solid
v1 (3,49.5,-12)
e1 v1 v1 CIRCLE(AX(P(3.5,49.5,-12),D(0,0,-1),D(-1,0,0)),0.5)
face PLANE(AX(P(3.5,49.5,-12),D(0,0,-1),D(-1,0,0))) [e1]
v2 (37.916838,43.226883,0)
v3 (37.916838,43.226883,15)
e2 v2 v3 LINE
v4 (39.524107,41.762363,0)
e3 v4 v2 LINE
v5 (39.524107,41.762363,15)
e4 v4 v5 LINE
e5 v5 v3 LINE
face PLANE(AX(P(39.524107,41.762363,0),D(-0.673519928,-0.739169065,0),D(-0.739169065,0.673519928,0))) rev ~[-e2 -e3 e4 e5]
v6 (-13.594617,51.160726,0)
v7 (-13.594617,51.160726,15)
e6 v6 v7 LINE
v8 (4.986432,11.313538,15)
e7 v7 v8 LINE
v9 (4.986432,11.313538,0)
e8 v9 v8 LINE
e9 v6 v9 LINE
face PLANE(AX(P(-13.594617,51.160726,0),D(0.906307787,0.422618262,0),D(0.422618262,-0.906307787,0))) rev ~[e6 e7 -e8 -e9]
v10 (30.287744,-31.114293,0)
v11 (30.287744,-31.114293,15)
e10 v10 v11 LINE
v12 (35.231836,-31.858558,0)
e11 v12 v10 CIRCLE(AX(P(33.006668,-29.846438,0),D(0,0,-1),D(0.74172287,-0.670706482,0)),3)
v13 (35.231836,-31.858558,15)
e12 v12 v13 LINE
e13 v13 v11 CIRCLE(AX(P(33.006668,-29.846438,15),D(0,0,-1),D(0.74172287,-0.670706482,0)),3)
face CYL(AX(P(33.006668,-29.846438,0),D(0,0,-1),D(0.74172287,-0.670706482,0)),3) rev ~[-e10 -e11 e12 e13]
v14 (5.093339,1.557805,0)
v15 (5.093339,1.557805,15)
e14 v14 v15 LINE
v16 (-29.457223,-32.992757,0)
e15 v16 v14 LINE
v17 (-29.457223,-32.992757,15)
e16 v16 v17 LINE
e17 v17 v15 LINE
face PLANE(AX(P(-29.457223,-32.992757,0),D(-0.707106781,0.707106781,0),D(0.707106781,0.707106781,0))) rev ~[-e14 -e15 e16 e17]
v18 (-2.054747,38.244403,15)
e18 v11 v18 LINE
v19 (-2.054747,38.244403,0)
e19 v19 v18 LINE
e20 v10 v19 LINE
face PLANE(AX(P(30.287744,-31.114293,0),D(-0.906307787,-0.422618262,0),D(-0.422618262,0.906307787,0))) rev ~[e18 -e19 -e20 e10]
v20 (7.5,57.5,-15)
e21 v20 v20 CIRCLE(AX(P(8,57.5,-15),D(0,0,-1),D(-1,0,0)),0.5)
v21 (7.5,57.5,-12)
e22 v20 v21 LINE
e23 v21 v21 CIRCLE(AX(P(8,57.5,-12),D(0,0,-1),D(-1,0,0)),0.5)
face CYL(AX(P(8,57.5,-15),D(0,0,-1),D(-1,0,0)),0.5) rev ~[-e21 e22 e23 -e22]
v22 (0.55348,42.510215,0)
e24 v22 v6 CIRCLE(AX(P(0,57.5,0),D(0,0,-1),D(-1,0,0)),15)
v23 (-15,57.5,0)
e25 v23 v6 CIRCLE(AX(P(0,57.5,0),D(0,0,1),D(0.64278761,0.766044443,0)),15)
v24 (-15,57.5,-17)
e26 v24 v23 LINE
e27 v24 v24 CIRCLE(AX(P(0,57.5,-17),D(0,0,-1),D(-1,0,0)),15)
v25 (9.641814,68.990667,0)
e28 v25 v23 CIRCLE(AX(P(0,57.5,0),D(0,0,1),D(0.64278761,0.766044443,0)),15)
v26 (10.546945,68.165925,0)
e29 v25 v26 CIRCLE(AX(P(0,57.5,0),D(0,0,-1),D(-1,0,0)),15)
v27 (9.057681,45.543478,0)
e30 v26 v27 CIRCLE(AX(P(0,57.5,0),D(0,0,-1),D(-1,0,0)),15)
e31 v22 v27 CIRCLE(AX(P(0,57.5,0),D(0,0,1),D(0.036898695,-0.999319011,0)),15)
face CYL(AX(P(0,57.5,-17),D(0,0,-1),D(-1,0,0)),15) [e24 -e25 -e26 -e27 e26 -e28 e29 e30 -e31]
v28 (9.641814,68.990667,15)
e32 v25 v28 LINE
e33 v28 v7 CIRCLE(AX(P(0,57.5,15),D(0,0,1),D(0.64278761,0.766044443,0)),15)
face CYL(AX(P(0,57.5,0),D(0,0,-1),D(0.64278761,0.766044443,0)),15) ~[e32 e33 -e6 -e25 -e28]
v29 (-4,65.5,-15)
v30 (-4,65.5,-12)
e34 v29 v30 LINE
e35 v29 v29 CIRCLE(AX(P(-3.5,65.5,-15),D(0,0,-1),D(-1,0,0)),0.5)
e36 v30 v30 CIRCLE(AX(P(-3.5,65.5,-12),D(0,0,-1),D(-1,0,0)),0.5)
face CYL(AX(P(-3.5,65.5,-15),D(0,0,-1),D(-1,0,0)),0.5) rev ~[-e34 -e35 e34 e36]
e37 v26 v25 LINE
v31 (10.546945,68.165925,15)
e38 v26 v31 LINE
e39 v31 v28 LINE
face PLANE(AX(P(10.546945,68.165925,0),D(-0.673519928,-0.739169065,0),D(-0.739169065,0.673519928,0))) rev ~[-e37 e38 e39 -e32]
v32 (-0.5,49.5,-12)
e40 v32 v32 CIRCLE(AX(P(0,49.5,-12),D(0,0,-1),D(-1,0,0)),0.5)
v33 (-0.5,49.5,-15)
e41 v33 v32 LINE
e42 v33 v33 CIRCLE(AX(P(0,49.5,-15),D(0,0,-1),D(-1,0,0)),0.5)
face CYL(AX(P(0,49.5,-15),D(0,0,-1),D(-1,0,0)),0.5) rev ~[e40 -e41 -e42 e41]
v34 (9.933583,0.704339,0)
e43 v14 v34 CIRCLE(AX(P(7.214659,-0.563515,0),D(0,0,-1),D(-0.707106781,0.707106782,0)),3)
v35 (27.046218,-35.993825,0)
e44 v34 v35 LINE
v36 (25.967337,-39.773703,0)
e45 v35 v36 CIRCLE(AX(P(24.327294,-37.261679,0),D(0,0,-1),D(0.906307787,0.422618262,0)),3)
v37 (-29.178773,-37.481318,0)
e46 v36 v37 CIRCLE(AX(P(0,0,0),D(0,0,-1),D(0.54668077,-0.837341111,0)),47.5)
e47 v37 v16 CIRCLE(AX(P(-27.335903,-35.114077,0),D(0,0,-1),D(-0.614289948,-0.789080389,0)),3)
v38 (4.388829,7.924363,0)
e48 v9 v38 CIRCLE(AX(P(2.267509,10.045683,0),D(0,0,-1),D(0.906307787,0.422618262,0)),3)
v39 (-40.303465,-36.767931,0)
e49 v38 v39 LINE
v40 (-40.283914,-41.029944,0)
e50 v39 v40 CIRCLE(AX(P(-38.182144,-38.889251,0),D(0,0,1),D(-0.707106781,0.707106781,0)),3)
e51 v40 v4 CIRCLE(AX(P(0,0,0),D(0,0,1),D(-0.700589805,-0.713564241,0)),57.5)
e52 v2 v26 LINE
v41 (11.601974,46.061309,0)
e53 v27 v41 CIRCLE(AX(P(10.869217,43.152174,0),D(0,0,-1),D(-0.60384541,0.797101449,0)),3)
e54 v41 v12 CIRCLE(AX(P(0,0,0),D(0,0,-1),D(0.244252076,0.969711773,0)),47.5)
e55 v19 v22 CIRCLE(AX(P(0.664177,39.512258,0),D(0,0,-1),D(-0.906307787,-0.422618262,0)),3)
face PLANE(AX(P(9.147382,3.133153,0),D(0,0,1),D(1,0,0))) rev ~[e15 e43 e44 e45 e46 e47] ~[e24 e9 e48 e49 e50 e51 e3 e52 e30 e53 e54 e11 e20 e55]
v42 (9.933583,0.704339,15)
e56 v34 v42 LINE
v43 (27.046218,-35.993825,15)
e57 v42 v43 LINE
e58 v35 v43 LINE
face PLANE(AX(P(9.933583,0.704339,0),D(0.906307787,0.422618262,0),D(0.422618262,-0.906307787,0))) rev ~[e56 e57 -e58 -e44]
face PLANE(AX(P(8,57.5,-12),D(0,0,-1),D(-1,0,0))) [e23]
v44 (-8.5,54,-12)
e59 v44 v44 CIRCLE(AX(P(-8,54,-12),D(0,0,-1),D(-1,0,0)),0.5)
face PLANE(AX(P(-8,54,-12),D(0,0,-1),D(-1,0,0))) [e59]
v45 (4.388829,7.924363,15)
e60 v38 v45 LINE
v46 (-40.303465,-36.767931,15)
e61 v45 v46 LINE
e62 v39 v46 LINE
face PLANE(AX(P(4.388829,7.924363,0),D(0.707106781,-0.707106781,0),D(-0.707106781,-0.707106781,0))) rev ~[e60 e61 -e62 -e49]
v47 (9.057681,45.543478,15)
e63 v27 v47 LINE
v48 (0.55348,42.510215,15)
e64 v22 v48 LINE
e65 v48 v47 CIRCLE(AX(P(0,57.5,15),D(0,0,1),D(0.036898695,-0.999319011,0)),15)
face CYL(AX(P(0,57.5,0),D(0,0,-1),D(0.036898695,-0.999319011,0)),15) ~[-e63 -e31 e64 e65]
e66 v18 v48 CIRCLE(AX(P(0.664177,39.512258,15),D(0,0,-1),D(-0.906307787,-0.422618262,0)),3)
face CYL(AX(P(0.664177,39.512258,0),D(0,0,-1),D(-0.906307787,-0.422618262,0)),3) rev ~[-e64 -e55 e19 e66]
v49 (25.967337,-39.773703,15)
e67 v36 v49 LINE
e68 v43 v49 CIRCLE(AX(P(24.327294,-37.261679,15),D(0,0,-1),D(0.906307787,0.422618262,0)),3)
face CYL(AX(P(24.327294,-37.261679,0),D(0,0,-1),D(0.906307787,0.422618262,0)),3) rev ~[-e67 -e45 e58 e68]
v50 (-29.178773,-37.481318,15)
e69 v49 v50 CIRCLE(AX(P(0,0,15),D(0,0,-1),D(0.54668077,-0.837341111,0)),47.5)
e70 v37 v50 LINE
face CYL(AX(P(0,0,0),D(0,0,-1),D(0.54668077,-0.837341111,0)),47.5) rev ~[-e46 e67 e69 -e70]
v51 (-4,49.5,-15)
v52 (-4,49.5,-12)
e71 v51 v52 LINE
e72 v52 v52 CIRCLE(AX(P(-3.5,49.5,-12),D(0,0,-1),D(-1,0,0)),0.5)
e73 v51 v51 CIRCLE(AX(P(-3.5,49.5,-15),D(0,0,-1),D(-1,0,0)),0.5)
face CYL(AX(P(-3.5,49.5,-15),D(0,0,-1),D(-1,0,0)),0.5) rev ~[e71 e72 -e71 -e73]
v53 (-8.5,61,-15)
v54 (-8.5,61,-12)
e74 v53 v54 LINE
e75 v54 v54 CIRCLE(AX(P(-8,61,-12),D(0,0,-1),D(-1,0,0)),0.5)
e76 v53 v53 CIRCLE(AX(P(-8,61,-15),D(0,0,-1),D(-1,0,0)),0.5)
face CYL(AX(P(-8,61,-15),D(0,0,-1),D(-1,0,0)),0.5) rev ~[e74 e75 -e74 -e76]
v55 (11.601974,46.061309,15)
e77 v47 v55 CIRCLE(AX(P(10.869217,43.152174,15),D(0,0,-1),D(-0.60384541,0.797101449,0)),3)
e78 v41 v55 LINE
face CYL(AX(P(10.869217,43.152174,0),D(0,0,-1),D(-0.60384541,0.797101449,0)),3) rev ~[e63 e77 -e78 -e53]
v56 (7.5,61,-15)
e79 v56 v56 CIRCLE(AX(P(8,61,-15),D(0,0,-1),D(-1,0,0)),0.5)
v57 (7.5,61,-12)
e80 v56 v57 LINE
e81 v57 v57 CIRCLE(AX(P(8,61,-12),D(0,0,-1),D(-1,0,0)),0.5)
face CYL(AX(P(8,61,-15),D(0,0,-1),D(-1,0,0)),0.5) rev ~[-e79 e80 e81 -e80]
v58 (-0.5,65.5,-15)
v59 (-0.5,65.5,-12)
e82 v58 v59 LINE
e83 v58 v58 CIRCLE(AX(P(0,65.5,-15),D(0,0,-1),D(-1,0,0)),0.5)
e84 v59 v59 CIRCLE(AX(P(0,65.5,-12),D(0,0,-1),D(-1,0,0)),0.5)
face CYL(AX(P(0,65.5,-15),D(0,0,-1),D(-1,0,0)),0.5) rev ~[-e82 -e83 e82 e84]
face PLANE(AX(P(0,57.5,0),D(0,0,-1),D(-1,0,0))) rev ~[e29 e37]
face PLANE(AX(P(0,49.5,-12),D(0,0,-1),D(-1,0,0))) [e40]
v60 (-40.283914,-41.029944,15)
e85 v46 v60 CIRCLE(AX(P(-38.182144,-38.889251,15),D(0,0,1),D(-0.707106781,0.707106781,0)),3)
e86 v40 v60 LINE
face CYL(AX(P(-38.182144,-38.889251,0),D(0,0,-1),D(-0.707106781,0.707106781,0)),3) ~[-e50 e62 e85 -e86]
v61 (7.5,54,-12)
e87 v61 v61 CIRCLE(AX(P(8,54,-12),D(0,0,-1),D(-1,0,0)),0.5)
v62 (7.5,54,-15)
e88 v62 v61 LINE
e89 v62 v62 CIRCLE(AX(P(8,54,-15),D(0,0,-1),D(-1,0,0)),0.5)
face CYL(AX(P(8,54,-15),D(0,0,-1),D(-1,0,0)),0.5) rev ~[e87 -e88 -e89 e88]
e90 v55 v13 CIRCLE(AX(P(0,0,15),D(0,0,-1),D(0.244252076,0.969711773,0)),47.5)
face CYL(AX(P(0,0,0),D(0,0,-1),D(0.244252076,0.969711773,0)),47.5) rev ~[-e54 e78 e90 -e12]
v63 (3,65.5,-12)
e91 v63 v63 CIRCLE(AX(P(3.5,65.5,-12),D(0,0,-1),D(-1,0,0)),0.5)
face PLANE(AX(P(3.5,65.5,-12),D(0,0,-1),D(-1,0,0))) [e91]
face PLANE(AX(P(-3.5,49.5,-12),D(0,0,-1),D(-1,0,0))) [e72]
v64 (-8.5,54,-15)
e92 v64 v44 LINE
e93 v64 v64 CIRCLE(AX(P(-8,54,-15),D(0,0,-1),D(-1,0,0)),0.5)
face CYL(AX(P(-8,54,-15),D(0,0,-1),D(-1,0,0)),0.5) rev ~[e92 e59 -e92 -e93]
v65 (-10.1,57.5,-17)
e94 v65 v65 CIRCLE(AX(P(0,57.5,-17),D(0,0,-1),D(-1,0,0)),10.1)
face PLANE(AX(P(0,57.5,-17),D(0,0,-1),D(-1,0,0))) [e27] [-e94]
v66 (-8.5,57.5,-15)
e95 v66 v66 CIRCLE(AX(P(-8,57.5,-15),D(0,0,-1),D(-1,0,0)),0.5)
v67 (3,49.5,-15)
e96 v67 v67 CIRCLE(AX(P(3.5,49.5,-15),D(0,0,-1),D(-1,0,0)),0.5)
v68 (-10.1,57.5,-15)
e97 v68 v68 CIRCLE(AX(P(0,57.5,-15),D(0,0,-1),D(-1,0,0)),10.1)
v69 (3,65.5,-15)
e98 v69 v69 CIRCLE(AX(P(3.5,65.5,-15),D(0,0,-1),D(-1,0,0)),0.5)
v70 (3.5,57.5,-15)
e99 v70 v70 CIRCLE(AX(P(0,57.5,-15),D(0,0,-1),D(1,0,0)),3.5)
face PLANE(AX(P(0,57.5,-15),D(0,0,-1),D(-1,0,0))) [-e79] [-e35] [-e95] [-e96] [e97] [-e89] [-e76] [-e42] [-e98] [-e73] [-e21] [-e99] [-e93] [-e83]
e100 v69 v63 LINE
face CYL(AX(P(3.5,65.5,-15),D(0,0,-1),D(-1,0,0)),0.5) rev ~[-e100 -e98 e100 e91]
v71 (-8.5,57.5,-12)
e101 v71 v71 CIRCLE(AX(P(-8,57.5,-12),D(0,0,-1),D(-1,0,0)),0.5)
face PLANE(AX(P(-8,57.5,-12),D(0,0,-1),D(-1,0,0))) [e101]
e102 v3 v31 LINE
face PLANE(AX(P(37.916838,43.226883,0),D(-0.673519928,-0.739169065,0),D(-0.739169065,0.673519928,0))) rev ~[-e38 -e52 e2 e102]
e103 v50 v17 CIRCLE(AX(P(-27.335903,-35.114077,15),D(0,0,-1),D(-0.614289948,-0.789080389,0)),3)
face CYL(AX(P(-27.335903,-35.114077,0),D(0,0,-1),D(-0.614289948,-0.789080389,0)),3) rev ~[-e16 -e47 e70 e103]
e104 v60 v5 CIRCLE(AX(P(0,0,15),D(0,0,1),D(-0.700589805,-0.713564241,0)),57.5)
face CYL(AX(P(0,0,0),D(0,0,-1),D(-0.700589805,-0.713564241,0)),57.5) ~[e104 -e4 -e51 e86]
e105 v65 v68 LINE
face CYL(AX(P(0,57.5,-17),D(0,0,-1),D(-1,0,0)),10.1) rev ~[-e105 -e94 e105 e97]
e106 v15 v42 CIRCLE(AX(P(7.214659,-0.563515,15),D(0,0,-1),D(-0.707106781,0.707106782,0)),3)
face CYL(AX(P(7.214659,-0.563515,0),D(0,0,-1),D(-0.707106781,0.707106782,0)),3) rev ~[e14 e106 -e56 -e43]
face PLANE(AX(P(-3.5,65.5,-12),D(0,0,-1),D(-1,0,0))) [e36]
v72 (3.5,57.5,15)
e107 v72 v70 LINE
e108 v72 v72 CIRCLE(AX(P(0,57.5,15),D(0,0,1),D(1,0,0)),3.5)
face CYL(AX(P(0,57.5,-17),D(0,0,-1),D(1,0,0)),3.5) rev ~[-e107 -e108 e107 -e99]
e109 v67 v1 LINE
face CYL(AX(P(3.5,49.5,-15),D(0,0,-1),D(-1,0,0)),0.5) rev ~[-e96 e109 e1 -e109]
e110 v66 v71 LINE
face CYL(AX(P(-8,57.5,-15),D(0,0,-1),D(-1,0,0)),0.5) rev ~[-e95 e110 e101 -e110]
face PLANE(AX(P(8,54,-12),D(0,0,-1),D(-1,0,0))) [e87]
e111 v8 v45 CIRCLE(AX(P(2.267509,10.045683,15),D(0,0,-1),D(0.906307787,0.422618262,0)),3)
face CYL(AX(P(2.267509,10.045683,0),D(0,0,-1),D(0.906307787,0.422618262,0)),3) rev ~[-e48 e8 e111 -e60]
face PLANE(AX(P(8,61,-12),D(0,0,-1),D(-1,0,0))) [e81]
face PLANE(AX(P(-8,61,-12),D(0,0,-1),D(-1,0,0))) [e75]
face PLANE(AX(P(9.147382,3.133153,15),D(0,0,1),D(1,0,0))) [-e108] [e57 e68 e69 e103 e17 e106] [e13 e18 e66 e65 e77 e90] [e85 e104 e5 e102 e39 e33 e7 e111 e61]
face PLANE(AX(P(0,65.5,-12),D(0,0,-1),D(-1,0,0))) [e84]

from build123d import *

# Parameters (mm, degrees)
EXTRUDE_1_DEPTH     = 15
SKETCH_6_R          = 3.5
CUT_EXTRUDE_2_DEPTH = 15
EXTRUDE_START       = 17
SKETCH_11_R         = 15
SKETCH_11_R_2       = 3.5
EXTRUDE_3_DEPTH     = 17
SKETCH_12_R         = 10.1
CUT_EXTRUDE_6_DEPTH = 2
SKETCH_13_R         = 0.5
CUT_EXTRUDE_7_DEPTH = 3


with BuildPart() as part:
    # ｽｹｯﾁ1 → ﾎﾞｽ - 押し出し1 (new body)
    with BuildSketch(Plane.XY):
        with BuildLine():
            Line((10.546944731, 68.165925034), (9.641814145, 68.990666647))
            ThreePointArc((9.641814145, 68.990666647), (-9.131421435, 69.400300104), (-13.594616806, 51.160726074))
            Line((-13.594616806, 51.160726074), (4.986432096, 11.313538113))
            ThreePointArc((4.986432096, 11.313538113), (5.221931994, 9.524738795), (4.388829079, 7.924362985))
            Line((4.388829079, 7.924362985), (-40.303464689, -36.767930783))
            ThreePointArc((-40.303464689, -36.767930783), (-41.182112782, -38.903012739), (-40.283913759, -41.029943849))
            ThreePointArc((-40.283913759, -41.029943849), (41.397896806, -39.905690573), (39.524106652, 41.762363359))
            Line((39.524106652, 41.762363359), (37.916838192, 43.226882625))
            Line((37.916838192, 43.226882625), (10.546944731, 68.165925034))
        make_face()
        with BuildLine():
            ThreePointArc((5.093338956, 1.55780505), (7.735603832, 2.390907965), (9.933582661, 0.704339492))
            Line((9.933582661, 0.704339492), (27.046217634, -35.993824637))
            ThreePointArc((27.046217634, -35.993824637), (27.212084573, -38.085077821), (25.967336583, -39.773702754))
            ThreePointArc((25.967336583, -39.773702754), (-1.972837213, -47.459012983), (-29.17877254, -37.481318454))
            ThreePointArc((-29.17877254, -37.481318454), (-30.330146685, -35.299826939), (-29.457223039, -32.992756945))
            Line((-29.457223039, -32.992756945), (5.093338956, 1.55780505))
        make_face(mode=Mode.SUBTRACT)
        with BuildLine():
            ThreePointArc((35.231836325, -31.858557864), (32.560090836, -32.813013733), (30.287744354, -31.114293205))
            Line((30.287744354, -31.114293205), (-2.054746852, 38.244403012))
            ThreePointArc((-2.054746852, 38.244403012), (-1.895310582, 41.077194163), (0.553480425, 42.510214831))
            ThreePointArc((0.553480425, 42.510214831), (5.039223996, 43.371793408), (9.057681155, 45.543478261))
            ThreePointArc((9.057681155, 45.543478261), (10.270904088, 46.091905397), (11.601973614, 46.061309233))
            ThreePointArc((11.601973614, 46.061309233), (45.455779175, 13.784851815), (35.231836325, -31.858557864))
        make_face(mode=Mode.SUBTRACT)
    extrude(amount=EXTRUDE_1_DEPTH)

    # ｽｹｯﾁ6 → ｶｯﾄ - 押し出し2 (cut)
    with BuildSketch(Plane.XY.offset(15)):
        with Locations((0, 57.5)):
            Circle(SKETCH_6_R)
    extrude(amount=-CUT_EXTRUDE_2_DEPTH, mode=Mode.SUBTRACT)

    # ｽｹｯﾁ11 → ﾎﾞｽ - 押し出し3 (add)
    with BuildSketch(Plane(origin=(0, 0, 0), x_dir=(-1, 0, 0), z_dir=(0, 0, -1)).offset(EXTRUDE_START)):
        with Locations((0, 57.5)):
            Circle(SKETCH_11_R)
        with Locations(Location((0, 57.5, 0), (0, 0, 180))):
            Circle(SKETCH_11_R_2, mode=Mode.SUBTRACT)
    extrude(amount=-EXTRUDE_3_DEPTH)

    # ｽｹｯﾁ12 → ｶｯﾄ - 押し出し6 (cut)
    with BuildSketch(Plane(origin=(0, 0, -17), x_dir=(-1, 0, 0), z_dir=(0, 0, -1))):
        with Locations((0, 57.5)):
            Circle(SKETCH_12_R)
    extrude(amount=-CUT_EXTRUDE_6_DEPTH, mode=Mode.SUBTRACT)

    # ｽｹｯﾁ13 → ｶｯﾄ - 押し出し7 (cut)
    with BuildSketch(Plane(origin=(0, 0, -15), x_dir=(-1, 0, 0), z_dir=(0, 0, -1))):
        with Locations((-3.5, 65.5)):
            Circle(SKETCH_13_R)
        with Locations((0, 65.5)):
            Circle(SKETCH_13_R)
        with Locations((3.5, 65.5)):
            Circle(SKETCH_13_R)
        with Locations((8, 57.5)):
            Circle(SKETCH_13_R)
        with Locations((8, 61)):
            Circle(SKETCH_13_R)
        with Locations((8, 54)):
            Circle(SKETCH_13_R)
        with Locations((0, 49.5)):
            Circle(SKETCH_13_R)
        with Locations((3.5, 49.5)):
            Circle(SKETCH_13_R)
        with Locations((-3.5, 49.5)):
            Circle(SKETCH_13_R)
        with Locations((-8, 57.5)):
            Circle(SKETCH_13_R)
        with Locations((-8, 54)):
            Circle(SKETCH_13_R)
        with Locations((-8, 61)):
            Circle(SKETCH_13_R)
    extrude(amount=-CUT_EXTRUDE_7_DEPTH, mode=Mode.SUBTRACT)


solid = part.part
